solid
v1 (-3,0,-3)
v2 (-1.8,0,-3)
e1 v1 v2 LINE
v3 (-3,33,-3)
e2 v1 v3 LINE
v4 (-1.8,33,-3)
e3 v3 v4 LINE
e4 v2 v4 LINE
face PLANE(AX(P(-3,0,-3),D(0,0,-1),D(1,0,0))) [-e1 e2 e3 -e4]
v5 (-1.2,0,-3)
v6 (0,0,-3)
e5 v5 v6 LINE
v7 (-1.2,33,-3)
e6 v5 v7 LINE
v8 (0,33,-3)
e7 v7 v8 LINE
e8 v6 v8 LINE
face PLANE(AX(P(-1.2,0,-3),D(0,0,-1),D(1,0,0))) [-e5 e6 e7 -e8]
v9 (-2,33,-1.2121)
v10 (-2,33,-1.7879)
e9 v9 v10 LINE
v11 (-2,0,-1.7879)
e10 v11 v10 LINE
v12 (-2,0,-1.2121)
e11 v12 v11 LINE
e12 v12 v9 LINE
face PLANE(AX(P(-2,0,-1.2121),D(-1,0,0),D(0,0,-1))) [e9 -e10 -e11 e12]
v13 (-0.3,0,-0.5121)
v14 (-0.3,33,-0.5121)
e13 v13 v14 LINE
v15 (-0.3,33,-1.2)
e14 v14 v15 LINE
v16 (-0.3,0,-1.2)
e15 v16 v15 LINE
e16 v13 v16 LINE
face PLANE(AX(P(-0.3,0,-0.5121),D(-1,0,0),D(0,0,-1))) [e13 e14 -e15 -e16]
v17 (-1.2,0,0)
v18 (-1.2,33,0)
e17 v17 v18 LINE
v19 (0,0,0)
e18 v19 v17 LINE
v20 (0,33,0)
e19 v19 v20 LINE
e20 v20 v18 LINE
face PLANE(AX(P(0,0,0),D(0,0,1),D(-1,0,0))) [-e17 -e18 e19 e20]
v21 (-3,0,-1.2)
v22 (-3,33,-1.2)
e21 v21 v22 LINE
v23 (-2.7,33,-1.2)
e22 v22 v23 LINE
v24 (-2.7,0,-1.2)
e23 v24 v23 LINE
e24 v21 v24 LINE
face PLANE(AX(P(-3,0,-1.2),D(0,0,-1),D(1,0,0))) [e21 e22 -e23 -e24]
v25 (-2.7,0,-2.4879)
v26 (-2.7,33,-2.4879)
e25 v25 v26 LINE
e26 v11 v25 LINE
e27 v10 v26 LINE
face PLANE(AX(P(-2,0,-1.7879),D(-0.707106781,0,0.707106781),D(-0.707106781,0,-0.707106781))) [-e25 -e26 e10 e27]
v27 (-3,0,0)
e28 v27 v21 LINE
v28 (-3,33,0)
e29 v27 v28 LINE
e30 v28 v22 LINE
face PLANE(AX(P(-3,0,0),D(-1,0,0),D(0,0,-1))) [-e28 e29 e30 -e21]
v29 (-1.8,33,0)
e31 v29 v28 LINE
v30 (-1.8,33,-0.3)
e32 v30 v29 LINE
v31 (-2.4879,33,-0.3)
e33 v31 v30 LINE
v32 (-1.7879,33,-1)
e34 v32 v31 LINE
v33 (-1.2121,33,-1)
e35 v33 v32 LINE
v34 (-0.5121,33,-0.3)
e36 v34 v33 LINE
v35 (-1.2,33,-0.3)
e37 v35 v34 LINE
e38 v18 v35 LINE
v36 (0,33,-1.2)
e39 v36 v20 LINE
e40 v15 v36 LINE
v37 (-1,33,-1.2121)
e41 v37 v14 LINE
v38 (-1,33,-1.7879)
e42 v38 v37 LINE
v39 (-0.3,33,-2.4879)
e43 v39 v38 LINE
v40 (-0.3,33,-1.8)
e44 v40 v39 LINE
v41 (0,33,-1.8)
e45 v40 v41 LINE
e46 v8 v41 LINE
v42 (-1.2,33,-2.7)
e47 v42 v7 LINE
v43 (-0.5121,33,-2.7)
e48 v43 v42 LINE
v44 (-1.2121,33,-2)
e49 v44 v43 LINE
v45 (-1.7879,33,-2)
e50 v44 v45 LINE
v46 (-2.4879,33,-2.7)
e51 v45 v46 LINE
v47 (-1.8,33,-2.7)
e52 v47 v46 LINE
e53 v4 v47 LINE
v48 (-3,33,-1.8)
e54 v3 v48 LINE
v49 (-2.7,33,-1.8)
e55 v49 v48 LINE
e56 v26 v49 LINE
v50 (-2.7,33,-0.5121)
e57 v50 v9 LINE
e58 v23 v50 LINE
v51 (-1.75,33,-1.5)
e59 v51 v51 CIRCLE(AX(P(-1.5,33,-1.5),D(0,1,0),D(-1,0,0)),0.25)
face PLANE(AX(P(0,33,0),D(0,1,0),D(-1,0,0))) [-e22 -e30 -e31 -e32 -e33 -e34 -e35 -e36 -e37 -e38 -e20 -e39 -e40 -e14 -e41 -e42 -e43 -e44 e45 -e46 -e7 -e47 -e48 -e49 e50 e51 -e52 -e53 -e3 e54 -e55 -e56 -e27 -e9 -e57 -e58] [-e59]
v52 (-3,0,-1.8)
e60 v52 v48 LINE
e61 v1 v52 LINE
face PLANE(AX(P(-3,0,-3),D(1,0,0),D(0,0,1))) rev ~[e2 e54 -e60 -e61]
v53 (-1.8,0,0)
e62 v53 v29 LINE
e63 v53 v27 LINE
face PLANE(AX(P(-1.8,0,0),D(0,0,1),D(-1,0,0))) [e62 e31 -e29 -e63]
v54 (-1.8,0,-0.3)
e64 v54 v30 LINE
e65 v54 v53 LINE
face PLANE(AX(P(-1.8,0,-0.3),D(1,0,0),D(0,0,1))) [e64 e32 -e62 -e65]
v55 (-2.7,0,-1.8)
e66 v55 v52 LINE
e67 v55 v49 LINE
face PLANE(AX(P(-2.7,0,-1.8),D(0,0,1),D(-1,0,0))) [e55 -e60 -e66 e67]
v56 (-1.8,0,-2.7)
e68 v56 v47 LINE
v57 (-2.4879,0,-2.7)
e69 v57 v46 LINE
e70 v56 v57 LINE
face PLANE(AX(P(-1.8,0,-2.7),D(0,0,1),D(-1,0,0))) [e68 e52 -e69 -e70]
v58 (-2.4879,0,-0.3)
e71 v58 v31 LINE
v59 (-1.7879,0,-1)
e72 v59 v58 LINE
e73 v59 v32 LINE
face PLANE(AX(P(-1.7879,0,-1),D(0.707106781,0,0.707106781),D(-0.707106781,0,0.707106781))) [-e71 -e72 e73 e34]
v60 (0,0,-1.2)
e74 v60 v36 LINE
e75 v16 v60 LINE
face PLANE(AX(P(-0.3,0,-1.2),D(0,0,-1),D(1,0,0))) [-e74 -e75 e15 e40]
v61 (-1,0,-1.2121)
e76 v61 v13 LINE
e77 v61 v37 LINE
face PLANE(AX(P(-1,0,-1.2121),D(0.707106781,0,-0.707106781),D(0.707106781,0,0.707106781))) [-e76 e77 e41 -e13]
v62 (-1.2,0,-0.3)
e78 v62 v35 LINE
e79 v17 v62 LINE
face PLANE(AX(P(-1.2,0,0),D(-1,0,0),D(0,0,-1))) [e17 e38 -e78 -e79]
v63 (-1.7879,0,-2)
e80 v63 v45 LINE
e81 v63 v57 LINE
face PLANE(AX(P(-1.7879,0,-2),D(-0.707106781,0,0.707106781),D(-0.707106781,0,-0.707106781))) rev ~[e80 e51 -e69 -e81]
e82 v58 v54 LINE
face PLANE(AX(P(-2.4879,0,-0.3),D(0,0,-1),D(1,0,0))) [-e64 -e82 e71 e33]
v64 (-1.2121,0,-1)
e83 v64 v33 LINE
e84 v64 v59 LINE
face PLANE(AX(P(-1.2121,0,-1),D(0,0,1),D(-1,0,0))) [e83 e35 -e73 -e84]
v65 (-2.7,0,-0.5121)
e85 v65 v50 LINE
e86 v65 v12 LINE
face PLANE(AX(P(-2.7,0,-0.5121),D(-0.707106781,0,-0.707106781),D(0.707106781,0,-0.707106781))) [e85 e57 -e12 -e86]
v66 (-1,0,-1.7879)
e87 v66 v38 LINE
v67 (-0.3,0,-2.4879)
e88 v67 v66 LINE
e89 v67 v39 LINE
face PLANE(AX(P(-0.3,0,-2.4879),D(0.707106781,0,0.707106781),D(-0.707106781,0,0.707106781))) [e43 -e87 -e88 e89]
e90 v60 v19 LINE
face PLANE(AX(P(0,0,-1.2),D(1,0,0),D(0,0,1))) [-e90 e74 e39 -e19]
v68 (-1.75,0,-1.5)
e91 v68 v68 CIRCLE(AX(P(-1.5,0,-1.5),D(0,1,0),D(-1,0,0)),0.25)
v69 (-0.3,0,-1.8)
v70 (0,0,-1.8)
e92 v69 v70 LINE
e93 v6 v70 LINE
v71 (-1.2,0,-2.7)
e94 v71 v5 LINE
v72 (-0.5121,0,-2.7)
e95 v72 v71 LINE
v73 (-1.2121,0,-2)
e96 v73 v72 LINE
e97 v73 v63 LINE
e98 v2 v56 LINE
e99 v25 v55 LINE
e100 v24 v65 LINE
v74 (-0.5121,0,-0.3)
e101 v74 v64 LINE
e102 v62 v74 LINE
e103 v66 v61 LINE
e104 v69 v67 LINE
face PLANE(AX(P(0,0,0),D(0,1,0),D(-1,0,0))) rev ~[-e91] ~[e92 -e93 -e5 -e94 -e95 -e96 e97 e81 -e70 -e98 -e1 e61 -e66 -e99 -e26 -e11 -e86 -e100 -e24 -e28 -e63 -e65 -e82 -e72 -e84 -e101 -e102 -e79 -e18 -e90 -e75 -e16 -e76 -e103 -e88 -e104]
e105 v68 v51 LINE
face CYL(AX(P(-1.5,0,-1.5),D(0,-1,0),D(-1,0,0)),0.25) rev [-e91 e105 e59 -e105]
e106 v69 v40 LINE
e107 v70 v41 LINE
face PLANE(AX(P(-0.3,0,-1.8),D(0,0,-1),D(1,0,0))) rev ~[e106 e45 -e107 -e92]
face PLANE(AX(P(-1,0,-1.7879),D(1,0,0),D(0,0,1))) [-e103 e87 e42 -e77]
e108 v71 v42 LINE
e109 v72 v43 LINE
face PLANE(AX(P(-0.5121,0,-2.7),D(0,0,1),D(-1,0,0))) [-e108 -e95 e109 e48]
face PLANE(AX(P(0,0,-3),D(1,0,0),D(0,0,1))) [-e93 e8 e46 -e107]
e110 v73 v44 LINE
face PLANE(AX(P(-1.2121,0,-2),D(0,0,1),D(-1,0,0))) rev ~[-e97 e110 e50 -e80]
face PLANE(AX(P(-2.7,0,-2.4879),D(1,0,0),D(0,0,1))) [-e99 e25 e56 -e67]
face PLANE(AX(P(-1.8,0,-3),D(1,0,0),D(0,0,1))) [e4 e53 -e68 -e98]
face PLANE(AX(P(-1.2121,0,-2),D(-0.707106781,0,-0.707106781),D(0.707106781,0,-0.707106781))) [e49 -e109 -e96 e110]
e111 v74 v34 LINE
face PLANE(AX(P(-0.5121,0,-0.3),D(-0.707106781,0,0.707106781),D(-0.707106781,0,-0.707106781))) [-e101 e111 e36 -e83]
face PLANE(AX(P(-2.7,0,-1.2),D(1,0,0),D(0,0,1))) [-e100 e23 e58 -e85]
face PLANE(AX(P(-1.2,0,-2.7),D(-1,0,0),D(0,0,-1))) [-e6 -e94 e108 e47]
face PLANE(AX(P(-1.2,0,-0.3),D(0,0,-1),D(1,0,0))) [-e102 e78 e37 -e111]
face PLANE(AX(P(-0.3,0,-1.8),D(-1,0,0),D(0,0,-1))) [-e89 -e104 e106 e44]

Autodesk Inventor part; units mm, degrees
ref_plane "YZ Plane" through (0, 0, 0) normal (1, 0, 0) x (0, 1, 0)
ref_plane "XZ Plane" through (0, 0, 0) normal (0, 1, 0) x (-1, 0, 0)
ref_plane "XY Plane" through (0, 0, 0) normal (0, 0, 1) x (1, 0, 0)
sketch "Skizze1" plane through (0, 0, 0) normal (0, 1, 0) x (-1, 0, 0)
  line L0 (0, 0) -> (3, 0) construction
  line L1 (3, 0) -> (3, -3) construction
  line L2 (3, -3) -> (0, -3) construction
  line L3 (0, -3) -> (0, 0) construction
  line L4 (3, -1.5) -> (0, -1.5) construction
  line L5 (1.5, -3) -> (1.5, 0) construction
  circle A0 centre (1.5, -1.5) radius 0.25
  line L6 (2, -1) -> (1, -1) construction
  line L7 (1, -1) -> (1, -2) construction
  line L8 (1, -2) -> (2, -2) construction
  line L9 (2, -2) -> (2, -1) construction
  line L10 (1.5, -1) -> (1.5, -2) construction
  line L11 (2, -1.5) -> (1, -1.5) construction
  line L12 (3, -1.2) -> (0, -1.2) construction
  line L13 (1.2, 0) -> (1.2, -3) construction
  line L14 (0, -1.8) -> (3, -1.8) construction
  line L15 (1.8, 0) -> (1.8, -3) construction
  line L16 (2.7, -2.7) -> (2.7, -0.3) construction
  line L17 (2.7, -0.3) -> (0.3, -0.3) construction
  line L18 (0.3, -0.3) -> (0.3, -2.7) construction
  line L19 (0.3, -2.7) -> (2.7, -2.7) construction
  line L20 (2.7, -0.3) -> (0.3, -2.7) construction
  line L21 (2.7, -2.7) -> (0.3, -0.3) construction
  line L22 (2.7, -0.5121) -> (0.5121, -2.7) construction
  line L23 (0.3, -2.4879) -> (2.4879, -0.3) construction
  line L24 (0.5121, -0.3) -> (2.7, -2.4879) construction
  line L25 (2.4879, -2.7) -> (0.3, -0.5121) construction
  line L26 (3, 0) -> (3, -1.2)
  line L27 (3, -1.2) -> (2.7, -1.2)
  line L28 (2.7, -1.2) -> (2.7, -0.5121)
  line L29 (2.7, -0.5121) -> (2, -1.2121)
  line L30 (2, -1.2121) -> (2, -1.7879)
  line L31 (2, -1.7879) -> (2.7, -2.4879)
  line L32 (2.7, -2.4879) -> (2.7, -1.8)
  line L33 (2.7, -1.8) -> (3, -1.8)
  line L34 (3, -3) -> (3, -1.8)
  line L35 (3, -3) -> (1.8, -3)
  line L36 (1.8, -3) -> (1.8, -2.7)
  line L37 (1.8, -2.7) -> (2.4879, -2.7)
  line L38 (1.7879, -2) -> (2.4879, -2.7)
  line L39 (1.2121, -2) -> (1.7879, -2)
  line L40 (1.2121, -2) -> (0.5121, -2.7)
  line L41 (0.5121, -2.7) -> (1.2, -2.7)
  line L42 (1.2, -2.7) -> (1.2, -3)
  line L43 (1.2, -3) -> (0, -3)
  line L44 (0, -3) -> (0, -1.8)
  line L45 (0.3, -1.8) -> (0, -1.8)
  line L46 (0.3, -1.8) -> (0.3, -2.4879)
  line L47 (0.3, -2.4879) -> (1, -1.7879)
  line L48 (1, -1.7879) -> (1, -1.2121)
  line L49 (1, -1.2121) -> (0.3, -0.5121)
  line L50 (0.3, -0.5121) -> (0.3, -1.2)
  line L51 (0.3, -1.2) -> (0, -1.2)
  line L52 (0, -1.2) -> (0, 0)
  line L53 (0, 0) -> (1.2, 0)
  line L54 (1.2, 0) -> (1.2, -0.3)
  line L55 (1.2, -0.3) -> (0.5121, -0.3)
  line L56 (0.5121, -0.3) -> (1.2121, -1)
  line L57 (1.2121, -1) -> (1.7879, -1)
  line L58 (1.7879, -1) -> (2.4879, -0.3)
  line L59 (2.4879, -0.3) -> (1.8, -0.3)
  line L60 (1.8, -0.3) -> (1.8, 0)
  line L61 (1.8, 0) -> (3, 0)
  dimension "d0" = 3
  dimension "d1" = 3
  dimension "d2" = 0.5
  dimension "d3" = 1
  dimension "d4" = 1
  dimension "d5" = 1.2
  dimension "d6" = 1.2
  dimension "d7" = 1.2
  dimension "d8" = 1.2
  dimension "d9" = 0.3
  dimension "d10" = 0.15
  dimension "d11" = 0.15
  dimension "d12" = 0.15
  dimension "d13" = 0.15
extrude "Extrusion1" add sketch "Skizze1" along normal blind 33
properties part number "item_30x30_33cm"
